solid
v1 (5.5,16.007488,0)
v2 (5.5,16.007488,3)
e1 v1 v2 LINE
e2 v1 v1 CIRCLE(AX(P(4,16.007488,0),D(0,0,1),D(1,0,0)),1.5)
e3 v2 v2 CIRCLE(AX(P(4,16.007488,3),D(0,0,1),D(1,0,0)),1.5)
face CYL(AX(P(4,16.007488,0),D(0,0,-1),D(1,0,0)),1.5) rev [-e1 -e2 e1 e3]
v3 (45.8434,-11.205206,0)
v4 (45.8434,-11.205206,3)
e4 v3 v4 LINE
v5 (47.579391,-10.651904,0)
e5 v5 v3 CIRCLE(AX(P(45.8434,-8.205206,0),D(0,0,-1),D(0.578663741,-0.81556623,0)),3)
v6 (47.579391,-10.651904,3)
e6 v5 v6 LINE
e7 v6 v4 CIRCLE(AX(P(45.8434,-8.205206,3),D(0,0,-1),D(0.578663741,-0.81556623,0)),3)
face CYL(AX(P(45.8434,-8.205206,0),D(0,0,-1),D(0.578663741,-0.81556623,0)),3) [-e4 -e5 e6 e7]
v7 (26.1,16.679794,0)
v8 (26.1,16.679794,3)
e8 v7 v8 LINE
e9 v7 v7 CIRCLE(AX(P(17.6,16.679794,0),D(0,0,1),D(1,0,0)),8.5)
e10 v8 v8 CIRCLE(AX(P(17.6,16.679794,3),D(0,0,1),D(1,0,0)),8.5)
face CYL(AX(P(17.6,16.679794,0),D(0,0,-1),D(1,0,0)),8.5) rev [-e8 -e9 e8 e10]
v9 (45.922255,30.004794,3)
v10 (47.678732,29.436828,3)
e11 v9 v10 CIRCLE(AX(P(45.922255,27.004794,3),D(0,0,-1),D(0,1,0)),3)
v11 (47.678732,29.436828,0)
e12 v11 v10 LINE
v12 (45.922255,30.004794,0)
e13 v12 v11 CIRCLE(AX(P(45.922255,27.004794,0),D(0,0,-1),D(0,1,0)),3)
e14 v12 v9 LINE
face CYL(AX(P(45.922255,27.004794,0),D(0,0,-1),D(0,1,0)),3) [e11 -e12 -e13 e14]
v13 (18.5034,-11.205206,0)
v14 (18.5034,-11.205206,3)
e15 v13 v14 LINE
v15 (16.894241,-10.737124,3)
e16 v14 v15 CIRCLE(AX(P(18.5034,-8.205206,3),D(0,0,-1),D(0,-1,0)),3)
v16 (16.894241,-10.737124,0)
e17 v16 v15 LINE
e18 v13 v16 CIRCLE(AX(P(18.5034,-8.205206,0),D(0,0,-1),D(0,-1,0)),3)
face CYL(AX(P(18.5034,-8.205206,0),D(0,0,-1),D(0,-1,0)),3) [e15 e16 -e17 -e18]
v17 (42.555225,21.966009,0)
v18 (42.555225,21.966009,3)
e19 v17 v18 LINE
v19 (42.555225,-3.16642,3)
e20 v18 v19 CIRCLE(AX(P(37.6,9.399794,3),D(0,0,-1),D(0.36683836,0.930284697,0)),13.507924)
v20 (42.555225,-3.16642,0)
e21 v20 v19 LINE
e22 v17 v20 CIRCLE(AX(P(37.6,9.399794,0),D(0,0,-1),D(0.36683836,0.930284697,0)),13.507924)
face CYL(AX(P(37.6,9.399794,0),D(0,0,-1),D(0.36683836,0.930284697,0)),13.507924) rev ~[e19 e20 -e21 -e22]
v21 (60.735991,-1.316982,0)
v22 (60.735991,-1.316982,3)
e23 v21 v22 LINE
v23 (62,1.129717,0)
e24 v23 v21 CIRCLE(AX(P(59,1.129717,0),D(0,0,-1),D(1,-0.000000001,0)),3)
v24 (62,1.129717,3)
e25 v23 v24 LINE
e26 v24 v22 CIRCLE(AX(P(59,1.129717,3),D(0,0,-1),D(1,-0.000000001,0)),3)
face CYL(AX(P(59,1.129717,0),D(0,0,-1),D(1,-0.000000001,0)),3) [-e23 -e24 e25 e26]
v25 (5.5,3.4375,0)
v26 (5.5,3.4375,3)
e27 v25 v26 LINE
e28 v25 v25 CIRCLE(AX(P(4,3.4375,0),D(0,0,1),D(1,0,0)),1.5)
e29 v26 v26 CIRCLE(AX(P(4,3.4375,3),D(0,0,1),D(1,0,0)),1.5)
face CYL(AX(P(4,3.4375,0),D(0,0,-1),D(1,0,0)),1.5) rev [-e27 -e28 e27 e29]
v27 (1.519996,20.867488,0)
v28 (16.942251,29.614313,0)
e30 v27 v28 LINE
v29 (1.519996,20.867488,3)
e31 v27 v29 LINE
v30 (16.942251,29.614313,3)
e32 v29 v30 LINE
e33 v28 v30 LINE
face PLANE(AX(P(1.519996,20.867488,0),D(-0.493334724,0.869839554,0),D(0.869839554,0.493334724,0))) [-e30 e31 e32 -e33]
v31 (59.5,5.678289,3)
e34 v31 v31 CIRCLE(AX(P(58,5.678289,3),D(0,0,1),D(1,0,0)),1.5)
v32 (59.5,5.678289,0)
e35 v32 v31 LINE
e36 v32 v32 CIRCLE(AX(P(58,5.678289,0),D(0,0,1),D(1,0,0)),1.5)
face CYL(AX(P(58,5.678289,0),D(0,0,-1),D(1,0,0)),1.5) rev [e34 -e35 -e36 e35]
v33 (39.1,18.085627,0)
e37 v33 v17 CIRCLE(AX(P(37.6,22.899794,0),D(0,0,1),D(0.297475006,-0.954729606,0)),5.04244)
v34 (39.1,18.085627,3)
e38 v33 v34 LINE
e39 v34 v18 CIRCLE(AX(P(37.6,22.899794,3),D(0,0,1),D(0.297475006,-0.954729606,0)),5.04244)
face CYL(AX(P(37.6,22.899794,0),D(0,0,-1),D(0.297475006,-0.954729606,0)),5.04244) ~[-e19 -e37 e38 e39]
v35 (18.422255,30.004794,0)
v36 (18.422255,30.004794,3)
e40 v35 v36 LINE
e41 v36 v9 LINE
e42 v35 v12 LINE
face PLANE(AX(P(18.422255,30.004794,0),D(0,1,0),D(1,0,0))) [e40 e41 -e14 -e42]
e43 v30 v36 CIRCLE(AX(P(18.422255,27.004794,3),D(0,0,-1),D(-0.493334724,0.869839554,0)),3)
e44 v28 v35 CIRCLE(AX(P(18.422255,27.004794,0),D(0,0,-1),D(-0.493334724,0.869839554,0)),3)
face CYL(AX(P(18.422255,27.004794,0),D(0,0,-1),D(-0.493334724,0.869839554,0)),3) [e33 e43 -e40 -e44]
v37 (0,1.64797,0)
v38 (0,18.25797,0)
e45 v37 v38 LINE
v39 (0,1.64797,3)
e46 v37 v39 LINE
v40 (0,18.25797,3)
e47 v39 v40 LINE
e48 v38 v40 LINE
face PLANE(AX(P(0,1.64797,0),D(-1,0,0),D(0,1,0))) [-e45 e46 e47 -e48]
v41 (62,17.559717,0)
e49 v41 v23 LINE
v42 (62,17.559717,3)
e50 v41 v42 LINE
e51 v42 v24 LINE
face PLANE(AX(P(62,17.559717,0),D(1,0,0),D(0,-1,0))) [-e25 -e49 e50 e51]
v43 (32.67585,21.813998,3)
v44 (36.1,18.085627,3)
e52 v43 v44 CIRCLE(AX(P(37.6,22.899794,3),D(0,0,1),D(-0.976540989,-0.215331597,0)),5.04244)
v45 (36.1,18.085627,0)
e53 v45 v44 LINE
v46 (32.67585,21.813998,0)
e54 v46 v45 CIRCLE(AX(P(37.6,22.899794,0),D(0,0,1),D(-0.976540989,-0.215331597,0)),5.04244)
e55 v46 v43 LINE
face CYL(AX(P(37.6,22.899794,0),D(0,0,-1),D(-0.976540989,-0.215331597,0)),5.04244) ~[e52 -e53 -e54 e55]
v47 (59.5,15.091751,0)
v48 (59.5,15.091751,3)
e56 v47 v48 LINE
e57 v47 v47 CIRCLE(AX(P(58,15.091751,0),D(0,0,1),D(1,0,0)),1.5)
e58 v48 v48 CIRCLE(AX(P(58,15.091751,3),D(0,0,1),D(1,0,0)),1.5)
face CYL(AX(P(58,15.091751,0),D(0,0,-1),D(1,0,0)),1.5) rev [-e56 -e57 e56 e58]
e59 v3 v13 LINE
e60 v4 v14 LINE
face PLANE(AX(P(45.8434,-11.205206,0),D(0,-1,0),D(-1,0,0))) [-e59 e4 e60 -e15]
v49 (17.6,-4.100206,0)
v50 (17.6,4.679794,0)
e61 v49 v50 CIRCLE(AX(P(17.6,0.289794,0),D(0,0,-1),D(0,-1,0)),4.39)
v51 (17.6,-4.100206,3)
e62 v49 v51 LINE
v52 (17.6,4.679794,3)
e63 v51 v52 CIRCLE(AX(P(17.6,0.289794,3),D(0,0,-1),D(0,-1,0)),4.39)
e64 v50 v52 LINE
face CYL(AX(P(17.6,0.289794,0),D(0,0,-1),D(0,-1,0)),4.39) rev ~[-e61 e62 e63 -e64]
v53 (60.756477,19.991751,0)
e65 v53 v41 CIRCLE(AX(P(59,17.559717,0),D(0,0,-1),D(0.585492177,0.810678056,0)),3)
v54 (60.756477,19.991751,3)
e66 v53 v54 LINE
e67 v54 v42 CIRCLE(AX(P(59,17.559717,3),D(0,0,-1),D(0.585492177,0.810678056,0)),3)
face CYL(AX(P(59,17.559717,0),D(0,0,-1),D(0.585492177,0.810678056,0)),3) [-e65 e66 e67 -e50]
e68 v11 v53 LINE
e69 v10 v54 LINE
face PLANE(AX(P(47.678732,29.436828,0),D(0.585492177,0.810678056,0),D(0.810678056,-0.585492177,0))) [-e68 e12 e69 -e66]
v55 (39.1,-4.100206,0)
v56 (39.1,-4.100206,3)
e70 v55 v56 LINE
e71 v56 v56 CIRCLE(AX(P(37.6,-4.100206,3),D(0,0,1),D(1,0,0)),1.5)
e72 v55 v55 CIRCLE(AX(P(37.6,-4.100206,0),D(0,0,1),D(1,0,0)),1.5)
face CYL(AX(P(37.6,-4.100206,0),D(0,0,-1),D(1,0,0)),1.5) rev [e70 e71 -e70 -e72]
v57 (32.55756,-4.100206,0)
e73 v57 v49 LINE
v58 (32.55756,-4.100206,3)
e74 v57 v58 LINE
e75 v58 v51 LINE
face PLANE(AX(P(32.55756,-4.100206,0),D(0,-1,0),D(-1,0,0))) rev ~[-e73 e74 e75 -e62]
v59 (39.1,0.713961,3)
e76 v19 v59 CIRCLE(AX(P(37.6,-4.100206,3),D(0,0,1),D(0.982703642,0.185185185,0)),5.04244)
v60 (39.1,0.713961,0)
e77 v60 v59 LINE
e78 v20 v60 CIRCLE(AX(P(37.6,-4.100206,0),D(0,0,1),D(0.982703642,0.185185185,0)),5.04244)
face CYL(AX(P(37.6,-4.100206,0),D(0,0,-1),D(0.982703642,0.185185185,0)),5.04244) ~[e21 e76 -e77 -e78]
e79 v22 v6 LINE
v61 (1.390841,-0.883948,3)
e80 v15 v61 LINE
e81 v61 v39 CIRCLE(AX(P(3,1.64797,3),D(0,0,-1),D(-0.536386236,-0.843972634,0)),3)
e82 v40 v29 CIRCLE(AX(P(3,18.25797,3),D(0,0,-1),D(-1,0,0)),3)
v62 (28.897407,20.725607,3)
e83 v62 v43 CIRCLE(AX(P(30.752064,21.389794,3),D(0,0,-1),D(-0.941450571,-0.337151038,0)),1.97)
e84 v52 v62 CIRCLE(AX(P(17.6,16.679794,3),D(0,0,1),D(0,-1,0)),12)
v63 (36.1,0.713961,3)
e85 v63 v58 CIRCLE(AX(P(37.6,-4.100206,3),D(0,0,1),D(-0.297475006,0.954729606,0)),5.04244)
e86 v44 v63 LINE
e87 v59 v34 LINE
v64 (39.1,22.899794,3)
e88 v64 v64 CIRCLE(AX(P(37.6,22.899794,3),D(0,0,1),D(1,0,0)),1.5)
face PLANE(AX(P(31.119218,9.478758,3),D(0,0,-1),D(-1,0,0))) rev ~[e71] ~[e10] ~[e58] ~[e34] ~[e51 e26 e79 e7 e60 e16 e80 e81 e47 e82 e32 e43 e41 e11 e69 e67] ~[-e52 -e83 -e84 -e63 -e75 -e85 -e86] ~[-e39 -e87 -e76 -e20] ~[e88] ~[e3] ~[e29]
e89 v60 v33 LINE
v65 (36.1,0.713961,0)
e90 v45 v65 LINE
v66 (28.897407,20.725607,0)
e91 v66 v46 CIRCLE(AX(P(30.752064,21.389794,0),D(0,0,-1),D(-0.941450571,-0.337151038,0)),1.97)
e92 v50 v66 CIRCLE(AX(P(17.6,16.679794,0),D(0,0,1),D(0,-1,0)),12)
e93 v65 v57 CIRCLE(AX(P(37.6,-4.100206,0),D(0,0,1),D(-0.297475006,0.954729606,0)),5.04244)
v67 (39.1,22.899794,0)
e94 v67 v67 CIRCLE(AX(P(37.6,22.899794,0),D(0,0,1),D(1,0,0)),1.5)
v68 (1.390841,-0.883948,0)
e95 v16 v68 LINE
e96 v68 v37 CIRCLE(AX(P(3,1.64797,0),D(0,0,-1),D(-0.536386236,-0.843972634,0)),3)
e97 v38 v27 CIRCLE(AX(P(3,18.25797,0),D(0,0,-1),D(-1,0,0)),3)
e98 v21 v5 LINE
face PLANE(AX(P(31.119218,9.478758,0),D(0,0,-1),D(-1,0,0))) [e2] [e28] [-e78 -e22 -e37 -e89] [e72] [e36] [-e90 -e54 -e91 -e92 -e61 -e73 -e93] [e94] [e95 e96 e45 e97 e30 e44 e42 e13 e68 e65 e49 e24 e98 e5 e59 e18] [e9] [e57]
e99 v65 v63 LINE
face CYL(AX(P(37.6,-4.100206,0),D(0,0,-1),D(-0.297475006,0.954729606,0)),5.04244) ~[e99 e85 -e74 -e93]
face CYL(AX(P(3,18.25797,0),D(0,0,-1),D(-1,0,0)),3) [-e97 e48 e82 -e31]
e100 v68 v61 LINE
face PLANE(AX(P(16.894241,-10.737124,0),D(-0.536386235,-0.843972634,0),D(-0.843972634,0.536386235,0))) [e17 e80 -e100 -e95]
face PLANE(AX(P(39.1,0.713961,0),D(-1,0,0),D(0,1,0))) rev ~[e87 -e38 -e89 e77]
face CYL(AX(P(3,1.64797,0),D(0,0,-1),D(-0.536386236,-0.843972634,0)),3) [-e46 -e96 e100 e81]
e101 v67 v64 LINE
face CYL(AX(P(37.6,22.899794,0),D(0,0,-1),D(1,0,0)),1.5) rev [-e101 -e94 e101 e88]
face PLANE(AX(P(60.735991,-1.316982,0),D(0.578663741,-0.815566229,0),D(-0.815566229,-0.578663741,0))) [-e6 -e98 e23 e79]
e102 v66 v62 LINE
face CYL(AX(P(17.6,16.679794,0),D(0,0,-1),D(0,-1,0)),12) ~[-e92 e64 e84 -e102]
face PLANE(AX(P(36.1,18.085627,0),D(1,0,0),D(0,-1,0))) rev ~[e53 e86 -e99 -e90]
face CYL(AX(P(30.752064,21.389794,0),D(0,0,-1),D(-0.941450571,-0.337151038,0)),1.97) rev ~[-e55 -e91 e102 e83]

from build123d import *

# Parameters (mm, degrees)
SKETCH1_R           = 1.5
SKETCH1_R_2         = 8.5
BOSS_EXTRUDE1_DEPTH = 3


with BuildPart() as part:
    # Sketch1 → Boss-Extrude1 (new body)
    with BuildSketch(Plane.XY):
        with BuildLine():
            Line((0, 1.64796966), (0, 18.25796966))
            ThreePointArc((0, 18.25796966), (0.407702513, 19.767934474), (1.519995827, 20.867488322))
            Line((1.519995827, 20.867488322), (16.942251121, 29.614312984))
            ThreePointArc((16.942251121, 29.614312984), (17.656930521, 29.905531813), (18.422255294, 30.004794322))
            Line((18.422255294, 30.004794322), (45.922255294, 30.004794322))
            ThreePointArc((45.922255294, 30.004794322), (46.845265991, 29.859273478), (47.678731824, 29.43682849))
            Line((47.678731824, 29.43682849), (60.756476531, 19.991750808))
            ThreePointArc((60.756476531, 19.991750808), (61.671088691, 18.925471084), (62, 17.559716639))
            Line((62, 17.559716639), (62, 1.129716639))
            ThreePointArc((62, 1.129716639), (61.66533053, -0.247241299), (60.735991224, -1.316982049))
            Line((60.735991224, -1.316982049), (47.579391193, -10.651904367))
            ThreePointArc((47.579391193, -10.651904367), (46.754416966, -11.063535266), (45.84339997, -11.205205678))
            Line((45.84339997, -11.205205678), (18.50339997, -11.205205678))
            ThreePointArc((18.50339997, -11.205205678), (17.66547208, -11.085809235), (16.894241264, -10.73712358))
            Line((16.894241264, -10.73712358), (1.390841294, -0.883948242))
            ThreePointArc((1.390841294, -0.883948242), (0.370601198, 0.203579844), (0, 1.64796966))
        make_face()
        with Locations((4, 16.007488322)):
            Circle(SKETCH1_R, mode=Mode.SUBTRACT)
        with Locations((4, 3.4375)):
            Circle(SKETCH1_R, mode=Mode.SUBTRACT)
        with Locations((58, 15.091750808)):
            Circle(SKETCH1_R, mode=Mode.SUBTRACT)
        with Locations((58, 5.678289269)):
            Circle(SKETCH1_R, mode=Mode.SUBTRACT)
        with Locations((37.6, 22.899794322)):
            Circle(SKETCH1_R, mode=Mode.SUBTRACT)
        with Locations((37.6, -4.100205678)):
            Circle(SKETCH1_R, mode=Mode.SUBTRACT)
        with Locations((17.6, 16.679794322)):
            Circle(SKETCH1_R_2, mode=Mode.SUBTRACT)
        with BuildLine():
            Line((39.1, 0.713961497), (39.1, 18.085627146))
            ThreePointArc((39.1, 18.085627146), (41.365876, 19.546529711), (42.555224583, 21.966009055))
            ThreePointArc((42.555224583, 21.966009055), (51.107923726, 9.399794322), (42.555224583, -3.166420412))
            ThreePointArc((42.555224583, -3.166420412), (41.365876, -0.746941068), (39.1, 0.713961497))
        make_face(mode=Mode.SUBTRACT)
        with BuildLine():
            Line((36.1, 18.085627146), (36.1, 0.713961497))
            ThreePointArc((36.1, 0.713961497), (33.538604534, -1.111682219), (32.55755956, -4.100205678))
            Line((32.55755956, -4.100205678), (17.6, -4.100205678))
            ThreePointArc((17.6, -4.100205678), (13.21, 0.289794322), (17.6, 4.679794322))
            ThreePointArc((17.6, 4.679794322), (27.411976087, 9.771456948), (28.897406852, 20.725606777))
            ThreePointArc((28.897406852, 20.725606777), (30.206772534, 23.282822768), (32.675850225, 21.813997568))
            ThreePointArc((32.675850225, 21.813997568), (33.886159456, 19.488988843), (36.1, 18.085627146))
        make_face(mode=Mode.SUBTRACT)
    extrude(amount=BOSS_EXTRUDE1_DEPTH)


solid = part.part
